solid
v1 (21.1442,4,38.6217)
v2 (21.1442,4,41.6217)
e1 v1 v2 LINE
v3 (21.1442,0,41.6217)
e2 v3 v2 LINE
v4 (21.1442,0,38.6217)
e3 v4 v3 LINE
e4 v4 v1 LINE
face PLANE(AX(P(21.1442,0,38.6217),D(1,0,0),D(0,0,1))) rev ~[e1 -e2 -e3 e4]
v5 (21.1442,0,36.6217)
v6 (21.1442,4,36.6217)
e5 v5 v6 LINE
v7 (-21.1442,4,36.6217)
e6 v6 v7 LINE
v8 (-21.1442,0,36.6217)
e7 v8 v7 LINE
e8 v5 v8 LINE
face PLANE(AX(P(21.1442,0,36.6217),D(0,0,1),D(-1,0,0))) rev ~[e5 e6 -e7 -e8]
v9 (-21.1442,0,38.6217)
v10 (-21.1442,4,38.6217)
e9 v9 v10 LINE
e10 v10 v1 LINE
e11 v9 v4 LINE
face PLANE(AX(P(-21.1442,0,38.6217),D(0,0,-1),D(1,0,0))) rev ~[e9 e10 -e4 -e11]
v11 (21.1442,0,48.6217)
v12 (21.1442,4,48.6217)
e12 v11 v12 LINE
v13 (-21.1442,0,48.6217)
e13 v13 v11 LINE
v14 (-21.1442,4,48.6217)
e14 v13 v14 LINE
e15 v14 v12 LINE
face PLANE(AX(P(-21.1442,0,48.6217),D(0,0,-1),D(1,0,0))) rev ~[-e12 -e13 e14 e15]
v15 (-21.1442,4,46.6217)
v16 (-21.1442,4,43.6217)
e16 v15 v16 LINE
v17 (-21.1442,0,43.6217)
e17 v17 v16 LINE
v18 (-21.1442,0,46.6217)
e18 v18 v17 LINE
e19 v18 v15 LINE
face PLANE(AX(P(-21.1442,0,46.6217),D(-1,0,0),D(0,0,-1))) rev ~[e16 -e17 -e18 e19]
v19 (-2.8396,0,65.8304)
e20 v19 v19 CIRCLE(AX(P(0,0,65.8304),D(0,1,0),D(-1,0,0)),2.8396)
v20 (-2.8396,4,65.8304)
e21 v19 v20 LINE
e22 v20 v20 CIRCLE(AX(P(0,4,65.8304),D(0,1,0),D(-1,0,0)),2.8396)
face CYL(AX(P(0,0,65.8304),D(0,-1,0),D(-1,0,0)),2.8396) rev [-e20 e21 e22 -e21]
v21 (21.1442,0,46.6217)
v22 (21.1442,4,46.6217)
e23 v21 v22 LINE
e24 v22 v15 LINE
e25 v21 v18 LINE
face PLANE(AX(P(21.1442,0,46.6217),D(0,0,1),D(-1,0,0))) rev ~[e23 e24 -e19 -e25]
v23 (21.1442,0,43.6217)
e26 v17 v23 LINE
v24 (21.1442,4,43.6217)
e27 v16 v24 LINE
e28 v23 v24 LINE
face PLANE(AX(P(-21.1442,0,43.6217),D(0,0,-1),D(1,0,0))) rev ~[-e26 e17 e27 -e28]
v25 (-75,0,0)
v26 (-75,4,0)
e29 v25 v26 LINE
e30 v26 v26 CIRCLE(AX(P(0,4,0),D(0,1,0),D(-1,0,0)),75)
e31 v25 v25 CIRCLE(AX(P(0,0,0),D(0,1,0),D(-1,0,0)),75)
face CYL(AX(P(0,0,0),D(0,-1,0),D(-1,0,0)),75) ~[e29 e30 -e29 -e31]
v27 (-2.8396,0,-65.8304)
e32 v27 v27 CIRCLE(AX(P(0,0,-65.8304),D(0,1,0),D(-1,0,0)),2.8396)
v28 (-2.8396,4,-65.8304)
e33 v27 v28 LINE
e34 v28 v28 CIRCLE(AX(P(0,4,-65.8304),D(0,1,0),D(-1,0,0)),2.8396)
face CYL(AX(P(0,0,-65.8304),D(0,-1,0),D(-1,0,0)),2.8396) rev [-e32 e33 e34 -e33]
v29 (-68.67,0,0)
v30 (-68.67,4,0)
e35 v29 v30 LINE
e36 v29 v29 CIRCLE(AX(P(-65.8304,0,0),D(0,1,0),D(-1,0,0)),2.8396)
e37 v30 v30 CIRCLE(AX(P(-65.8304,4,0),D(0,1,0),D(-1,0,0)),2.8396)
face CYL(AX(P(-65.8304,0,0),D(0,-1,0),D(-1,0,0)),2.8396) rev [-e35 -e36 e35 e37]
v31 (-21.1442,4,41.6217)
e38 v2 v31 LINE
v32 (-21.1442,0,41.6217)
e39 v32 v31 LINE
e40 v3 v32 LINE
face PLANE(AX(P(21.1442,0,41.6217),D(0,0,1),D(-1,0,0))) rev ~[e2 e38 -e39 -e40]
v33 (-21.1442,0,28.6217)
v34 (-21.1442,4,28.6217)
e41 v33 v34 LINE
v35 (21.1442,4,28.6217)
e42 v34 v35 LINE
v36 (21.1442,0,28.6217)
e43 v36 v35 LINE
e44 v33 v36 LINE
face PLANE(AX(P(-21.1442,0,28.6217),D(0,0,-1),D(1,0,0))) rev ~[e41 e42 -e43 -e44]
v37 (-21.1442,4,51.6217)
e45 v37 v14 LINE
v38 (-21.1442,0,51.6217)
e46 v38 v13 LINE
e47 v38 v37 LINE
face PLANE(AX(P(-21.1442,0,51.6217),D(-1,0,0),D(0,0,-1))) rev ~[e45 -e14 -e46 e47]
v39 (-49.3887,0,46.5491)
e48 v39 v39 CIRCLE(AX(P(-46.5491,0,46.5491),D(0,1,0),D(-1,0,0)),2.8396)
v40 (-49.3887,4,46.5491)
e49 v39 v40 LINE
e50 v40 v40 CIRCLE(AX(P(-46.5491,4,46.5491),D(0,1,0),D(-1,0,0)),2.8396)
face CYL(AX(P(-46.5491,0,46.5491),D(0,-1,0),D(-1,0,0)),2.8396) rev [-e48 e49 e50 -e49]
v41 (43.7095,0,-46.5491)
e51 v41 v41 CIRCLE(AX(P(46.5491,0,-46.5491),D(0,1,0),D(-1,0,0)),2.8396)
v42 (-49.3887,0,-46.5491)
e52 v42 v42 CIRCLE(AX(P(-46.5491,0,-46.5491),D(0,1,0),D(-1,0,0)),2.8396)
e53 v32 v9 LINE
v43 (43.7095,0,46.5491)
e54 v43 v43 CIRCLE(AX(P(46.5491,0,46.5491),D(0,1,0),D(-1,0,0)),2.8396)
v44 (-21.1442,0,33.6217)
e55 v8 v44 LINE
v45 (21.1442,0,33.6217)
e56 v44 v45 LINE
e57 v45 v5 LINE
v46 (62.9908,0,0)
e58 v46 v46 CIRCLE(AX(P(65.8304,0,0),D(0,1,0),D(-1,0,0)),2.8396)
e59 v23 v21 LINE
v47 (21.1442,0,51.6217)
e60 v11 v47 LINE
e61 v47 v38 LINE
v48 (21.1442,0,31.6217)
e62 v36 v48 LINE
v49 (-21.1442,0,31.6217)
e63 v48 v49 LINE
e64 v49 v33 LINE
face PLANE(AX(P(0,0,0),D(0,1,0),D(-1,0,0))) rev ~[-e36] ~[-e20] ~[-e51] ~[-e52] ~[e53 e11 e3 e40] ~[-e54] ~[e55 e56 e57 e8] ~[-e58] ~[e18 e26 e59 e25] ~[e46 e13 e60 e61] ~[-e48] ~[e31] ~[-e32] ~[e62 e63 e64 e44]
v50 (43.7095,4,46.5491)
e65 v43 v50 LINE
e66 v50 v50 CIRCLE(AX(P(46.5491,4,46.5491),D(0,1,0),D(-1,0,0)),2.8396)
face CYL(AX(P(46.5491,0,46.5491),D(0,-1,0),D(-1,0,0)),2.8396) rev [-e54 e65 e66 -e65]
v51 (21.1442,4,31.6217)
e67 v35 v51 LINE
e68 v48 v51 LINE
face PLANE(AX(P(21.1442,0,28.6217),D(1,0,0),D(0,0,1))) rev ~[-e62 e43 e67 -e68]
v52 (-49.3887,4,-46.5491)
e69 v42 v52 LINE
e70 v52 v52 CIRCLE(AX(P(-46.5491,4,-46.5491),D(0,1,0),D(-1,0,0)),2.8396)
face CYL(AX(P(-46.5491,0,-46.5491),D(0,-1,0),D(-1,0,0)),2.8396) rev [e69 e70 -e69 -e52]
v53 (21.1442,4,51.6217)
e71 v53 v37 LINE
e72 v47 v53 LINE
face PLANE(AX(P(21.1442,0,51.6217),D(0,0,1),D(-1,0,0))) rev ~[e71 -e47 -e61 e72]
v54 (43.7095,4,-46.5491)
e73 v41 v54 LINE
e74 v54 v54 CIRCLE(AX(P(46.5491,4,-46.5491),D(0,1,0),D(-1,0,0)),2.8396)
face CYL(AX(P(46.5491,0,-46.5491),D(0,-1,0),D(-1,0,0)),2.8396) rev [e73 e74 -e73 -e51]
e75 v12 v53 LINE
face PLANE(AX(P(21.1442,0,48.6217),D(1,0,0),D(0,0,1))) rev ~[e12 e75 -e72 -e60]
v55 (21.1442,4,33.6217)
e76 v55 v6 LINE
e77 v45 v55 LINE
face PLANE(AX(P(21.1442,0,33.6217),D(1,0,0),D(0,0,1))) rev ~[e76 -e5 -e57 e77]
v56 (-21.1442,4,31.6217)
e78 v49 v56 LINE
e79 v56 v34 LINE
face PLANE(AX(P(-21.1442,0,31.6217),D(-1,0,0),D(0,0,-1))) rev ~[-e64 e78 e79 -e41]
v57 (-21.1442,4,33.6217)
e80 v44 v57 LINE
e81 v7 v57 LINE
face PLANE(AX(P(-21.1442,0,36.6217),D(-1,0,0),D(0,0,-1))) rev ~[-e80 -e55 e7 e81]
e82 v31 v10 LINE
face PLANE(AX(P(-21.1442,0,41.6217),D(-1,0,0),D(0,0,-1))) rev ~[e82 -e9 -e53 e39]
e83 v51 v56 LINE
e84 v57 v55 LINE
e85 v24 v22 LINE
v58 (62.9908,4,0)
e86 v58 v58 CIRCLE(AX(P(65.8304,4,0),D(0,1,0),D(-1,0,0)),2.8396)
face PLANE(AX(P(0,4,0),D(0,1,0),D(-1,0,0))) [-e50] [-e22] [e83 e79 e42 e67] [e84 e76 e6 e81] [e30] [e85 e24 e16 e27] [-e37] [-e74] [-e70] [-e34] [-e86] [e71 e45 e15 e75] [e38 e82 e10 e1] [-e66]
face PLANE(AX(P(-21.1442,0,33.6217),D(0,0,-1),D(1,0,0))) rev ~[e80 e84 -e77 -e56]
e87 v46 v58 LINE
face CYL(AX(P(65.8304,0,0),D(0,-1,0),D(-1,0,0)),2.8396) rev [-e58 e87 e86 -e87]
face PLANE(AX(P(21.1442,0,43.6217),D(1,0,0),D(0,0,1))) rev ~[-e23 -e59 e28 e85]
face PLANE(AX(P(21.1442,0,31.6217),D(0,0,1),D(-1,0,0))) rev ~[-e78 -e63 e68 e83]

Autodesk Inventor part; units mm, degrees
ref_plane "YZ Plane" through (0, 0, 0) normal (1, 0, 0) x (0, 1, 0)
ref_plane "XZ Plane" through (0, 0, 0) normal (0, 1, 0) x (-1, 0, 0)
ref_plane "XY Plane" through (0, 0, 0) normal (0, 0, 1) x (1, 0, 0)
sketch "Sketch1" plane through (0, 0, 0) normal (0, 1, 0) x (-1, 0, 0)
  circle A0 centre (0, 0) radius 75
  circle A1 centre (0, 65.8304) radius 2.8396
  circle A2 centre (-46.5491, 46.5491) radius 2.8396
  circle A3 centre (-65.8304, 0) radius 2.8396
  circle A4 centre (-46.5491, -46.5491) radius 2.8396
  circle A5 centre (0, -65.8304) radius 2.8396
  circle A6 centre (46.5491, -46.5491) radius 2.8396
  circle A7 centre (65.8304, 0) radius 2.8396
  circle A8 centre (46.5491, 46.5491) radius 2.8396
  line L0 (-21.1442, 51.6217) -> (21.1442, 51.6217)
  line L1 (21.1442, 51.6217) -> (21.1442, 48.6217)
  line L2 (21.1442, 48.6217) -> (-21.1442, 48.6217)
  line L3 (-21.1442, 48.6217) -> (-21.1442, 51.6217)
  line L4 (-21.1442, 51.6217) -> (21.1442, 48.6217) construction
  line L5 (21.1442, 51.6217) -> (-21.1442, 48.6217) construction
  line L6 (-21.1442, 46.6217) -> (21.1442, 46.6217)
  line L7 (21.1442, 46.6217) -> (21.1442, 43.6217)
  line L8 (21.1442, 43.6217) -> (-21.1442, 43.6217)
  line L9 (-21.1442, 43.6217) -> (-21.1442, 46.6217)
  line L10 (-21.1442, 46.6217) -> (21.1442, 43.6217) construction
  line L11 (21.1442, 46.6217) -> (-21.1442, 43.6217) construction
  line L12 (-21.1442, 41.6217) -> (21.1442, 41.6217)
  line L13 (21.1442, 41.6217) -> (21.1442, 38.6217)
  line L14 (21.1442, 38.6217) -> (-21.1442, 38.6217)
  line L15 (-21.1442, 38.6217) -> (-21.1442, 41.6217)
  line L16 (-21.1442, 41.6217) -> (21.1442, 38.6217) construction
  line L17 (21.1442, 41.6217) -> (-21.1442, 38.6217) construction
  line L18 (-21.1442, 36.6217) -> (21.1442, 36.6217)
  line L19 (21.1442, 33.6217) -> (-21.1442, 33.6217)
  line L20 (-21.1442, 33.6217) -> (-21.1442, 36.6217)
  line L21 (-21.1442, 36.6217) -> (21.1442, 33.6217) construction
  line L22 (21.1442, 36.6217) -> (-21.1442, 33.6217) construction
  line L23 (-21.1442, 31.6217) -> (21.1442, 31.6217)
  line L24 (21.1442, 28.6217) -> (-21.1442, 28.6217)
  line L25 (-21.1442, 28.6217) -> (-21.1442, 31.6217)
  line L26 (-21.1442, 31.6217) -> (21.1442, 28.6217) construction
  line L27 (21.1442, 31.6217) -> (-21.1442, 28.6217) construction
  line L28 (21.1442, 36.6217) -> (21.1442, 33.6217)
  line L29 (21.1442, 31.6217) -> (21.1442, 28.6217)
  point P0 (0, 50.1217)
  point P1 (0, 45.1217)
  point P2 (0, 40.1217)
  point P3 (0, 35.1217)
  point P4 (0, 30.1217)
  dimension "d0" = 150
  dimension "d3" = 360
  dimension "d5" = 3
  dimension "d6" = 3
  dimension "d7" = 3
  dimension "d8" = 2
  dimension "d9" = 2
  dimension "d12" = 3
  dimension "d15" = 3
  dimension "d16" = 2
  dimension "d17" = 2
extrude "Extrusion1" add sketch "Sketch1" along normal blind 4
sketch "Sketch2" plane through (0, 4, 0) normal (0, 1, 0) x (1, 0, 0)
  point P0 (0, 0)
properties part number "Baseplate"
